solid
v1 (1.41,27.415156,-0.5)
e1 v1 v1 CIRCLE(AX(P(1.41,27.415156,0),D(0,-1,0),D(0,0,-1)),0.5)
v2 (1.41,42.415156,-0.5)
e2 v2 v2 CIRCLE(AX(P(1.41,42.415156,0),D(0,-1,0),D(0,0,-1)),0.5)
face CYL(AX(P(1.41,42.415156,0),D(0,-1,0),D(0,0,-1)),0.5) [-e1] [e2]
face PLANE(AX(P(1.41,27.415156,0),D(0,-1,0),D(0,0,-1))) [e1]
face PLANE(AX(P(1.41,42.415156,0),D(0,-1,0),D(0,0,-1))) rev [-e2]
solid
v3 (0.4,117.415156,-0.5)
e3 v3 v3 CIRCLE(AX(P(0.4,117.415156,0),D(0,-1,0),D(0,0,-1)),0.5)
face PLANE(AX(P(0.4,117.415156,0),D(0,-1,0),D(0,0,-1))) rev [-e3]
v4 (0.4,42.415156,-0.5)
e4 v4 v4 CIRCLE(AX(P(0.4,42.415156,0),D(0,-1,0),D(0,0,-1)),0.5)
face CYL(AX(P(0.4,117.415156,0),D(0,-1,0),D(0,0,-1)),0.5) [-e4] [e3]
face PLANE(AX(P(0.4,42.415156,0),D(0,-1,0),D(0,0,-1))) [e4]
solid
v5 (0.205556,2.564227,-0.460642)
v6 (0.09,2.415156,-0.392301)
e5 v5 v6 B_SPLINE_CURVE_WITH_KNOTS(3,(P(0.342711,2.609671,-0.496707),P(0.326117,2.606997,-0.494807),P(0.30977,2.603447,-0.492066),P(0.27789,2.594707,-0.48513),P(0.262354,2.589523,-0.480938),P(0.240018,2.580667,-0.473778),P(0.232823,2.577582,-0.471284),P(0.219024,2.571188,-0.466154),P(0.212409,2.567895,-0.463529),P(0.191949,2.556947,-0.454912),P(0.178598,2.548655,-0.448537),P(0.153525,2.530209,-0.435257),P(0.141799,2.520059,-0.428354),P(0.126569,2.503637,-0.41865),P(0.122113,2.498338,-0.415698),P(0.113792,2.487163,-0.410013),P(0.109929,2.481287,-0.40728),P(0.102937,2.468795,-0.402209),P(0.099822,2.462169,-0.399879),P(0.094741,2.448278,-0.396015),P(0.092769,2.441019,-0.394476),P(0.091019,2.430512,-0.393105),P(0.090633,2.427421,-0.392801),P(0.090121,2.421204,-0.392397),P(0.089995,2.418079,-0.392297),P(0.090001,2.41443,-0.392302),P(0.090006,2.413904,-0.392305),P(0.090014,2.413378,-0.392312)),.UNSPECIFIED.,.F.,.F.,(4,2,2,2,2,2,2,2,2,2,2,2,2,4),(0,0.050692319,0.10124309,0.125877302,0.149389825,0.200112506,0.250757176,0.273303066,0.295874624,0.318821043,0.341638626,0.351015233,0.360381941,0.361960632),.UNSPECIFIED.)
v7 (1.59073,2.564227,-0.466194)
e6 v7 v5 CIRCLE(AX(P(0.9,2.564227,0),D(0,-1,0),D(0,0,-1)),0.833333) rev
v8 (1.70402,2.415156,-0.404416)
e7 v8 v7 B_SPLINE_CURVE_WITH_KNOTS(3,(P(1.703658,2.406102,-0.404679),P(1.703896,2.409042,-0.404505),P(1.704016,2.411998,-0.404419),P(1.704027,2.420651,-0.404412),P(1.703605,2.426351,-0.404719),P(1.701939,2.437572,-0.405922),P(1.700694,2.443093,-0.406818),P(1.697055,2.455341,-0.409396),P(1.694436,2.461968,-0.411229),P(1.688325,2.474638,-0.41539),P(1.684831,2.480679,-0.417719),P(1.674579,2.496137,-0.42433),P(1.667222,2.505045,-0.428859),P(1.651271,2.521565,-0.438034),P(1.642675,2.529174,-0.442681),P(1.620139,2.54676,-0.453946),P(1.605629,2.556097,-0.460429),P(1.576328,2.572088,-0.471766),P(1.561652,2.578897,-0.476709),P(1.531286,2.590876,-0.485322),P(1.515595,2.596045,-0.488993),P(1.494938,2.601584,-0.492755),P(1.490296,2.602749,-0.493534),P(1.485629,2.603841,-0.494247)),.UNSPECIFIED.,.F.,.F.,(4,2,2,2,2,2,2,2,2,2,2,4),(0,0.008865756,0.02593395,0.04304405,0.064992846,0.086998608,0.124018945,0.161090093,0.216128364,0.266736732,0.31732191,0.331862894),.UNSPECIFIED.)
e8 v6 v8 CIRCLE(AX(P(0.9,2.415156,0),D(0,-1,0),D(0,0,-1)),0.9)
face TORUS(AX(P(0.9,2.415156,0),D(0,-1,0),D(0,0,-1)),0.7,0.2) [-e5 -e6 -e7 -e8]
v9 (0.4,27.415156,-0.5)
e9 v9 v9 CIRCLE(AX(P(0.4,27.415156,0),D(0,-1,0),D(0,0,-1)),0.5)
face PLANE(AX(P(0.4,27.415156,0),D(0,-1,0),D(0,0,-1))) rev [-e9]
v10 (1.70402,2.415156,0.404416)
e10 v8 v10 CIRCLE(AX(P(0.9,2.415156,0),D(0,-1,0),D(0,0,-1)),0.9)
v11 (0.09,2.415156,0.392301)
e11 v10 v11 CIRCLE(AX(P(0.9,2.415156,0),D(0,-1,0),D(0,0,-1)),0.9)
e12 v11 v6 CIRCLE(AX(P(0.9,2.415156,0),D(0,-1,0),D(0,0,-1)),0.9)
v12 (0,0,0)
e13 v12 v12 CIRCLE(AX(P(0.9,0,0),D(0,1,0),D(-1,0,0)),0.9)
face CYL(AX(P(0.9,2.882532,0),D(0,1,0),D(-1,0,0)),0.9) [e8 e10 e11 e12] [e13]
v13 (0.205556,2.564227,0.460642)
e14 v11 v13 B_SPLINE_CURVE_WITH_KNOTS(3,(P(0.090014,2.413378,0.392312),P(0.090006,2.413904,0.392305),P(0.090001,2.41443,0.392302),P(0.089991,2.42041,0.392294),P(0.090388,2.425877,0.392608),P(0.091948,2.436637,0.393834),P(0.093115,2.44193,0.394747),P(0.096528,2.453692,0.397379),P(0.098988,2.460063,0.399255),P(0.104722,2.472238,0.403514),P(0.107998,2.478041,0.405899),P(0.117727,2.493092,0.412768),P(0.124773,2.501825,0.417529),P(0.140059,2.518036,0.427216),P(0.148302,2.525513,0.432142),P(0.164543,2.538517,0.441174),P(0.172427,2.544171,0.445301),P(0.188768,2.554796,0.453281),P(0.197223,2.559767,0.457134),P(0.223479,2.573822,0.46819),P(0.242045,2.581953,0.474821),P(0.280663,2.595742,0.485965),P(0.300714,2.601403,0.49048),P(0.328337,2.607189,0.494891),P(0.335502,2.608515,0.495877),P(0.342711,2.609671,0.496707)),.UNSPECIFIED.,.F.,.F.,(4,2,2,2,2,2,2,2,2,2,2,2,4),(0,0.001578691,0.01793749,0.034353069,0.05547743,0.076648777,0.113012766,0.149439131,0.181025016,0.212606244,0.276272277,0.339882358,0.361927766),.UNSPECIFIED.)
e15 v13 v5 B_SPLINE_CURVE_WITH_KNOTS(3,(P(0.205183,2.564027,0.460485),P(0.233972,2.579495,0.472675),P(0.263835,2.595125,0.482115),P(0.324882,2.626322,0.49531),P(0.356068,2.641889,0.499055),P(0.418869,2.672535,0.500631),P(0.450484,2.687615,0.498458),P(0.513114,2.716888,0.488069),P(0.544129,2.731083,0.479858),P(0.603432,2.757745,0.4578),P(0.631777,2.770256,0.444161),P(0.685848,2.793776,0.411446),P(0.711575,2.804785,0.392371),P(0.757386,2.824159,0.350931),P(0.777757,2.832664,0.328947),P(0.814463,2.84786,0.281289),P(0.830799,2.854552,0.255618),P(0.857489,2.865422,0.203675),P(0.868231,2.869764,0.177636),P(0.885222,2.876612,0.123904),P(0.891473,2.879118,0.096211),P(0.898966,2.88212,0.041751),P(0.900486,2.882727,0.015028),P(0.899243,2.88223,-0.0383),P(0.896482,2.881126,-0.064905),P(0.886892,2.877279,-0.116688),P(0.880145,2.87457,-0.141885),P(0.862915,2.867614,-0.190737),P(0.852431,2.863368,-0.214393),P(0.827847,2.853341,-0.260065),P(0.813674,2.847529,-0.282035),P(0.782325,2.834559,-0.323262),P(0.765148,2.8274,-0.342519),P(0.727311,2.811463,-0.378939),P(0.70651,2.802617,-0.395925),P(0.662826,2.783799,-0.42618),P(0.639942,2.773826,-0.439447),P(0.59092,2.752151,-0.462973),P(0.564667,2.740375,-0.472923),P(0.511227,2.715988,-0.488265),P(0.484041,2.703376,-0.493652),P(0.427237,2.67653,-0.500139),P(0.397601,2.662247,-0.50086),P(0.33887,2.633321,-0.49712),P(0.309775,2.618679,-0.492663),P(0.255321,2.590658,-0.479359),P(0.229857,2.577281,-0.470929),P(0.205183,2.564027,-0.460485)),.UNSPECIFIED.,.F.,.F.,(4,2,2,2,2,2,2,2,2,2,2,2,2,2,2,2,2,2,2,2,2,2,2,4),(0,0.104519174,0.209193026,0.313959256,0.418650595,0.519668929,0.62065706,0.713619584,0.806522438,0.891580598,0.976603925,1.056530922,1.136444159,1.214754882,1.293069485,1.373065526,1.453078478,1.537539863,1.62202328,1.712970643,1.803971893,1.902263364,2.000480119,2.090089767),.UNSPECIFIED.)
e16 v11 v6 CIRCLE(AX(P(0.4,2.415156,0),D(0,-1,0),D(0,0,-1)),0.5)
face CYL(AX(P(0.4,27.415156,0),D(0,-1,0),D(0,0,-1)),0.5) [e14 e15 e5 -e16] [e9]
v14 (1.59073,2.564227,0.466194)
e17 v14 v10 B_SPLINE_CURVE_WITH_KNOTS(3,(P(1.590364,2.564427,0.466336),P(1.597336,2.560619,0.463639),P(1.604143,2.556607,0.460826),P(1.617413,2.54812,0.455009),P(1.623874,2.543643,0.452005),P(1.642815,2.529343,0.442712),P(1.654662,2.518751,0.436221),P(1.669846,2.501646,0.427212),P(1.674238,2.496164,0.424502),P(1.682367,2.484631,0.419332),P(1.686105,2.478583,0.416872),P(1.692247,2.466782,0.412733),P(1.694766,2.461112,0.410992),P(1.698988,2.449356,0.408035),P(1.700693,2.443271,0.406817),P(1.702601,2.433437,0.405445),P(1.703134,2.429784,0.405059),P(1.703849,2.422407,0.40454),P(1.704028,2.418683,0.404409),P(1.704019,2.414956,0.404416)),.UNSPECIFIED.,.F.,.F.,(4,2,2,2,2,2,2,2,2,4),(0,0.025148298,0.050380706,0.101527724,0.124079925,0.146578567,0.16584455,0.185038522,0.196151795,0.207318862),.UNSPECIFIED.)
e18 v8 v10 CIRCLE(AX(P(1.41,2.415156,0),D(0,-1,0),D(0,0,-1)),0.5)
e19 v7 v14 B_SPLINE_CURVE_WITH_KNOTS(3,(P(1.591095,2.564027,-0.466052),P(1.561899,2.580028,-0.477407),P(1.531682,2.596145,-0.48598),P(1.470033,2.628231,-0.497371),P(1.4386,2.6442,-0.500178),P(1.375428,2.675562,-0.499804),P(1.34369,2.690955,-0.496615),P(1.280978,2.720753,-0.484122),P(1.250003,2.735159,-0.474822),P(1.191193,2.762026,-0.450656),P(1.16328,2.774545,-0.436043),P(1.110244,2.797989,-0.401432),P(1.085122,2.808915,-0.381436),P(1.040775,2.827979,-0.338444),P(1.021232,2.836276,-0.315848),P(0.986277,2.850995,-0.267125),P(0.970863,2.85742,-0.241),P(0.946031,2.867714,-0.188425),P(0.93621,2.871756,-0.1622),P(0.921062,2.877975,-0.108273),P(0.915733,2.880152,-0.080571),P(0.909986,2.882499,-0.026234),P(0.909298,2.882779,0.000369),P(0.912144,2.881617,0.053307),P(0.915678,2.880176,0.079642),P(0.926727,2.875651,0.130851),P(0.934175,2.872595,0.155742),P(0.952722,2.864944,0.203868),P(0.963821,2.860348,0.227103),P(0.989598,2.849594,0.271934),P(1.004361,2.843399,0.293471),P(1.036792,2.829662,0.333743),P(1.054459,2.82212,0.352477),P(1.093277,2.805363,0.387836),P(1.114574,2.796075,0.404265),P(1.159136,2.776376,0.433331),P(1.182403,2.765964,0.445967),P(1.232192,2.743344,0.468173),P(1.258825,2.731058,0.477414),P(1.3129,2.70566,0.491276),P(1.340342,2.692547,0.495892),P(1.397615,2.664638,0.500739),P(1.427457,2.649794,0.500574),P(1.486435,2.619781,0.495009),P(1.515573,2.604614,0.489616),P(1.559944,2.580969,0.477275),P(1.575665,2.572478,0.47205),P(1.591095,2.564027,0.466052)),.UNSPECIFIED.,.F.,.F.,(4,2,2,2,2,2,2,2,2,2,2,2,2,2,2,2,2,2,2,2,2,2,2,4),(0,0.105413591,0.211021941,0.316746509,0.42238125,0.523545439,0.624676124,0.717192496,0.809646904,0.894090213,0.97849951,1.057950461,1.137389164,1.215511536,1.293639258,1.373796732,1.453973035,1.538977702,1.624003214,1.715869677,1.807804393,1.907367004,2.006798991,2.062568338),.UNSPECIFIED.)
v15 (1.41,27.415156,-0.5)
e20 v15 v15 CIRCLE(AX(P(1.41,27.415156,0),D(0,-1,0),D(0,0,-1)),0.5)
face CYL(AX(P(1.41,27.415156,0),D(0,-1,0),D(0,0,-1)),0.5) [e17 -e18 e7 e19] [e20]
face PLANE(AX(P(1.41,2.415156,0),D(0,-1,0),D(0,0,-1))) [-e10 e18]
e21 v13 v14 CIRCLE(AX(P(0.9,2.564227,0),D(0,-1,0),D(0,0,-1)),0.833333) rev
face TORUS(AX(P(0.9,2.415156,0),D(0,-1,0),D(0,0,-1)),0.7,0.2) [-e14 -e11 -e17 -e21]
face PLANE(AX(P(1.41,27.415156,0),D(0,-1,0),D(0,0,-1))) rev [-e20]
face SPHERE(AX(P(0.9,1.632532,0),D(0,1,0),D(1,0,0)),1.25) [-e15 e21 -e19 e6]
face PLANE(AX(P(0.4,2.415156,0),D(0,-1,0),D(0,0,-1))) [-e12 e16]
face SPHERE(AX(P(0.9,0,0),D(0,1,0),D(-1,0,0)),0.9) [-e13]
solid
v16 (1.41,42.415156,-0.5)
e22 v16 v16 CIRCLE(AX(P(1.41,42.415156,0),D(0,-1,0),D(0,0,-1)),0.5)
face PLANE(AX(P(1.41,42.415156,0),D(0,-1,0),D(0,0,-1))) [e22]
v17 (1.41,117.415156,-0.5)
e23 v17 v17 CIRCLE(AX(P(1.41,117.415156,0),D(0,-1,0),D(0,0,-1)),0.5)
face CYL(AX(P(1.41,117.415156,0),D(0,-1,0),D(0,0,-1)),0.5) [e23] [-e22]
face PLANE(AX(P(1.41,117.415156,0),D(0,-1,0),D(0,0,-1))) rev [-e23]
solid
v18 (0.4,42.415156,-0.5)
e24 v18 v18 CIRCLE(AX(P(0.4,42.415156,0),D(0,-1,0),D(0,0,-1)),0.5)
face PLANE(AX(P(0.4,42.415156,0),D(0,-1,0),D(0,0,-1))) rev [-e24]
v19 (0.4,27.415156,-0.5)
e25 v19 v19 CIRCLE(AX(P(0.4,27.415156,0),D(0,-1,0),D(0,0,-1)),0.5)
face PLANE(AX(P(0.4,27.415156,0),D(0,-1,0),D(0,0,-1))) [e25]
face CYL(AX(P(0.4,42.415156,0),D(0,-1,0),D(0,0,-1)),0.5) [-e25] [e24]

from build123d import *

# Parameters (mm, degrees)
REDONDEO1_R               = 0.2
CROQUIS2_R                = 0.5
SALIENTE_EXTRUIR1_DEPTH   = 25
SALIENTE_EXTRUIR6_START   = -25
CROQUIS2_3_R              = 0.5
SALIENTE_EXTRUIR6_DEPTH   = 15
SALIENTE_EXTRUIR6_2_DEPTH = 15
SALIENTE_EXTRUIR7_START   = -40
CROQUIS2_4_R              = 0.5
SALIENTE_EXTRUIR7_DEPTH   = 75
SALIENTE_EXTRUIR7_2_DEPTH = 75


with BuildPart() as part:
    # Croquis1 → Revoluci_n2 (revolve)
    with BuildSketch(Plane.XY):
        with BuildLine():
            Line((0, 0), (0, 2.5))
            ThreePointArc((0, 2.5), (0.411039098, 2.782931151), (0.9, 2.882532421))
            Line((0.9, 2.882532421), (0.9, -0.9))
            ThreePointArc((0.9, -0.9), (0.263603897, -0.636396103), (0, 0))
        make_face()
    revolve(axis=Axis((0.9, 2.882532421, 0), (0, -1, 0)))

    # Redondeo1
    redondeo1_edges = [part.edges().sort_by_distance(p)[0] for p in [
        (1.8, 2.5, 0),
    ]]
    fillet(redondeo1_edges, radius=REDONDEO1_R)

    # Croquis2 → Saliente-Extruir1 (add)
    with BuildSketch(Plane(origin=(0, 2.415156213, 0), x_dir=(-1, 0, 0), z_dir=(0, -1, 0))):
        with Locations((-1.41, 0)):
            Circle(CROQUIS2_R)
        with Locations((-0.4, 0)):
            Circle(CROQUIS2_R)
    extrude(amount=-SALIENTE_EXTRUIR1_DEPTH)


with BuildPart() as body_2:
    # Croquis2_3 → Saliente-Extruir6 (new body)
    with BuildSketch(Plane(origin=(0, 2.415156213, 0), x_dir=(-1, 0, 0), z_dir=(0, -1, 0)).offset(SALIENTE_EXTRUIR6_START)):
        with Locations((-1.41, 0)):
            Circle(CROQUIS2_3_R)
    extrude(amount=-SALIENTE_EXTRUIR6_DEPTH)


with BuildPart() as body_3:
    # Croquis2_3 → Saliente-Extruir6 2 (new body)
    with BuildSketch(Plane(origin=(0, 2.415156213, 0), x_dir=(-1, 0, 0), z_dir=(0, -1, 0)).offset(SALIENTE_EXTRUIR6_START)):
        with Locations((-0.4, 0)):
            Circle(CROQUIS2_3_R)
    extrude(amount=-SALIENTE_EXTRUIR6_2_DEPTH)


with BuildPart() as body_4:
    # Croquis2_4 → Saliente-Extruir7 (new body)
    with BuildSketch(Plane(origin=(0, 2.415156213, 0), x_dir=(-1, 0, 0), z_dir=(0, -1, 0)).offset(SALIENTE_EXTRUIR7_START)):
        with Locations((-1.41, 0)):
            Circle(CROQUIS2_4_R)
    extrude(amount=-SALIENTE_EXTRUIR7_DEPTH)


with BuildPart() as body_5:
    # Croquis2_4 → Saliente-Extruir7 2 (new body)
    with BuildSketch(Plane(origin=(0, 2.415156213, 0), x_dir=(-1, 0, 0), z_dir=(0, -1, 0)).offset(SALIENTE_EXTRUIR7_START)):
        with Locations((-0.4, 0)):
            Circle(CROQUIS2_4_R)
    extrude(amount=-SALIENTE_EXTRUIR7_2_DEPTH)


solid = Compound([part.part, body_2.part, body_3.part, body_4.part, body_5.part])
